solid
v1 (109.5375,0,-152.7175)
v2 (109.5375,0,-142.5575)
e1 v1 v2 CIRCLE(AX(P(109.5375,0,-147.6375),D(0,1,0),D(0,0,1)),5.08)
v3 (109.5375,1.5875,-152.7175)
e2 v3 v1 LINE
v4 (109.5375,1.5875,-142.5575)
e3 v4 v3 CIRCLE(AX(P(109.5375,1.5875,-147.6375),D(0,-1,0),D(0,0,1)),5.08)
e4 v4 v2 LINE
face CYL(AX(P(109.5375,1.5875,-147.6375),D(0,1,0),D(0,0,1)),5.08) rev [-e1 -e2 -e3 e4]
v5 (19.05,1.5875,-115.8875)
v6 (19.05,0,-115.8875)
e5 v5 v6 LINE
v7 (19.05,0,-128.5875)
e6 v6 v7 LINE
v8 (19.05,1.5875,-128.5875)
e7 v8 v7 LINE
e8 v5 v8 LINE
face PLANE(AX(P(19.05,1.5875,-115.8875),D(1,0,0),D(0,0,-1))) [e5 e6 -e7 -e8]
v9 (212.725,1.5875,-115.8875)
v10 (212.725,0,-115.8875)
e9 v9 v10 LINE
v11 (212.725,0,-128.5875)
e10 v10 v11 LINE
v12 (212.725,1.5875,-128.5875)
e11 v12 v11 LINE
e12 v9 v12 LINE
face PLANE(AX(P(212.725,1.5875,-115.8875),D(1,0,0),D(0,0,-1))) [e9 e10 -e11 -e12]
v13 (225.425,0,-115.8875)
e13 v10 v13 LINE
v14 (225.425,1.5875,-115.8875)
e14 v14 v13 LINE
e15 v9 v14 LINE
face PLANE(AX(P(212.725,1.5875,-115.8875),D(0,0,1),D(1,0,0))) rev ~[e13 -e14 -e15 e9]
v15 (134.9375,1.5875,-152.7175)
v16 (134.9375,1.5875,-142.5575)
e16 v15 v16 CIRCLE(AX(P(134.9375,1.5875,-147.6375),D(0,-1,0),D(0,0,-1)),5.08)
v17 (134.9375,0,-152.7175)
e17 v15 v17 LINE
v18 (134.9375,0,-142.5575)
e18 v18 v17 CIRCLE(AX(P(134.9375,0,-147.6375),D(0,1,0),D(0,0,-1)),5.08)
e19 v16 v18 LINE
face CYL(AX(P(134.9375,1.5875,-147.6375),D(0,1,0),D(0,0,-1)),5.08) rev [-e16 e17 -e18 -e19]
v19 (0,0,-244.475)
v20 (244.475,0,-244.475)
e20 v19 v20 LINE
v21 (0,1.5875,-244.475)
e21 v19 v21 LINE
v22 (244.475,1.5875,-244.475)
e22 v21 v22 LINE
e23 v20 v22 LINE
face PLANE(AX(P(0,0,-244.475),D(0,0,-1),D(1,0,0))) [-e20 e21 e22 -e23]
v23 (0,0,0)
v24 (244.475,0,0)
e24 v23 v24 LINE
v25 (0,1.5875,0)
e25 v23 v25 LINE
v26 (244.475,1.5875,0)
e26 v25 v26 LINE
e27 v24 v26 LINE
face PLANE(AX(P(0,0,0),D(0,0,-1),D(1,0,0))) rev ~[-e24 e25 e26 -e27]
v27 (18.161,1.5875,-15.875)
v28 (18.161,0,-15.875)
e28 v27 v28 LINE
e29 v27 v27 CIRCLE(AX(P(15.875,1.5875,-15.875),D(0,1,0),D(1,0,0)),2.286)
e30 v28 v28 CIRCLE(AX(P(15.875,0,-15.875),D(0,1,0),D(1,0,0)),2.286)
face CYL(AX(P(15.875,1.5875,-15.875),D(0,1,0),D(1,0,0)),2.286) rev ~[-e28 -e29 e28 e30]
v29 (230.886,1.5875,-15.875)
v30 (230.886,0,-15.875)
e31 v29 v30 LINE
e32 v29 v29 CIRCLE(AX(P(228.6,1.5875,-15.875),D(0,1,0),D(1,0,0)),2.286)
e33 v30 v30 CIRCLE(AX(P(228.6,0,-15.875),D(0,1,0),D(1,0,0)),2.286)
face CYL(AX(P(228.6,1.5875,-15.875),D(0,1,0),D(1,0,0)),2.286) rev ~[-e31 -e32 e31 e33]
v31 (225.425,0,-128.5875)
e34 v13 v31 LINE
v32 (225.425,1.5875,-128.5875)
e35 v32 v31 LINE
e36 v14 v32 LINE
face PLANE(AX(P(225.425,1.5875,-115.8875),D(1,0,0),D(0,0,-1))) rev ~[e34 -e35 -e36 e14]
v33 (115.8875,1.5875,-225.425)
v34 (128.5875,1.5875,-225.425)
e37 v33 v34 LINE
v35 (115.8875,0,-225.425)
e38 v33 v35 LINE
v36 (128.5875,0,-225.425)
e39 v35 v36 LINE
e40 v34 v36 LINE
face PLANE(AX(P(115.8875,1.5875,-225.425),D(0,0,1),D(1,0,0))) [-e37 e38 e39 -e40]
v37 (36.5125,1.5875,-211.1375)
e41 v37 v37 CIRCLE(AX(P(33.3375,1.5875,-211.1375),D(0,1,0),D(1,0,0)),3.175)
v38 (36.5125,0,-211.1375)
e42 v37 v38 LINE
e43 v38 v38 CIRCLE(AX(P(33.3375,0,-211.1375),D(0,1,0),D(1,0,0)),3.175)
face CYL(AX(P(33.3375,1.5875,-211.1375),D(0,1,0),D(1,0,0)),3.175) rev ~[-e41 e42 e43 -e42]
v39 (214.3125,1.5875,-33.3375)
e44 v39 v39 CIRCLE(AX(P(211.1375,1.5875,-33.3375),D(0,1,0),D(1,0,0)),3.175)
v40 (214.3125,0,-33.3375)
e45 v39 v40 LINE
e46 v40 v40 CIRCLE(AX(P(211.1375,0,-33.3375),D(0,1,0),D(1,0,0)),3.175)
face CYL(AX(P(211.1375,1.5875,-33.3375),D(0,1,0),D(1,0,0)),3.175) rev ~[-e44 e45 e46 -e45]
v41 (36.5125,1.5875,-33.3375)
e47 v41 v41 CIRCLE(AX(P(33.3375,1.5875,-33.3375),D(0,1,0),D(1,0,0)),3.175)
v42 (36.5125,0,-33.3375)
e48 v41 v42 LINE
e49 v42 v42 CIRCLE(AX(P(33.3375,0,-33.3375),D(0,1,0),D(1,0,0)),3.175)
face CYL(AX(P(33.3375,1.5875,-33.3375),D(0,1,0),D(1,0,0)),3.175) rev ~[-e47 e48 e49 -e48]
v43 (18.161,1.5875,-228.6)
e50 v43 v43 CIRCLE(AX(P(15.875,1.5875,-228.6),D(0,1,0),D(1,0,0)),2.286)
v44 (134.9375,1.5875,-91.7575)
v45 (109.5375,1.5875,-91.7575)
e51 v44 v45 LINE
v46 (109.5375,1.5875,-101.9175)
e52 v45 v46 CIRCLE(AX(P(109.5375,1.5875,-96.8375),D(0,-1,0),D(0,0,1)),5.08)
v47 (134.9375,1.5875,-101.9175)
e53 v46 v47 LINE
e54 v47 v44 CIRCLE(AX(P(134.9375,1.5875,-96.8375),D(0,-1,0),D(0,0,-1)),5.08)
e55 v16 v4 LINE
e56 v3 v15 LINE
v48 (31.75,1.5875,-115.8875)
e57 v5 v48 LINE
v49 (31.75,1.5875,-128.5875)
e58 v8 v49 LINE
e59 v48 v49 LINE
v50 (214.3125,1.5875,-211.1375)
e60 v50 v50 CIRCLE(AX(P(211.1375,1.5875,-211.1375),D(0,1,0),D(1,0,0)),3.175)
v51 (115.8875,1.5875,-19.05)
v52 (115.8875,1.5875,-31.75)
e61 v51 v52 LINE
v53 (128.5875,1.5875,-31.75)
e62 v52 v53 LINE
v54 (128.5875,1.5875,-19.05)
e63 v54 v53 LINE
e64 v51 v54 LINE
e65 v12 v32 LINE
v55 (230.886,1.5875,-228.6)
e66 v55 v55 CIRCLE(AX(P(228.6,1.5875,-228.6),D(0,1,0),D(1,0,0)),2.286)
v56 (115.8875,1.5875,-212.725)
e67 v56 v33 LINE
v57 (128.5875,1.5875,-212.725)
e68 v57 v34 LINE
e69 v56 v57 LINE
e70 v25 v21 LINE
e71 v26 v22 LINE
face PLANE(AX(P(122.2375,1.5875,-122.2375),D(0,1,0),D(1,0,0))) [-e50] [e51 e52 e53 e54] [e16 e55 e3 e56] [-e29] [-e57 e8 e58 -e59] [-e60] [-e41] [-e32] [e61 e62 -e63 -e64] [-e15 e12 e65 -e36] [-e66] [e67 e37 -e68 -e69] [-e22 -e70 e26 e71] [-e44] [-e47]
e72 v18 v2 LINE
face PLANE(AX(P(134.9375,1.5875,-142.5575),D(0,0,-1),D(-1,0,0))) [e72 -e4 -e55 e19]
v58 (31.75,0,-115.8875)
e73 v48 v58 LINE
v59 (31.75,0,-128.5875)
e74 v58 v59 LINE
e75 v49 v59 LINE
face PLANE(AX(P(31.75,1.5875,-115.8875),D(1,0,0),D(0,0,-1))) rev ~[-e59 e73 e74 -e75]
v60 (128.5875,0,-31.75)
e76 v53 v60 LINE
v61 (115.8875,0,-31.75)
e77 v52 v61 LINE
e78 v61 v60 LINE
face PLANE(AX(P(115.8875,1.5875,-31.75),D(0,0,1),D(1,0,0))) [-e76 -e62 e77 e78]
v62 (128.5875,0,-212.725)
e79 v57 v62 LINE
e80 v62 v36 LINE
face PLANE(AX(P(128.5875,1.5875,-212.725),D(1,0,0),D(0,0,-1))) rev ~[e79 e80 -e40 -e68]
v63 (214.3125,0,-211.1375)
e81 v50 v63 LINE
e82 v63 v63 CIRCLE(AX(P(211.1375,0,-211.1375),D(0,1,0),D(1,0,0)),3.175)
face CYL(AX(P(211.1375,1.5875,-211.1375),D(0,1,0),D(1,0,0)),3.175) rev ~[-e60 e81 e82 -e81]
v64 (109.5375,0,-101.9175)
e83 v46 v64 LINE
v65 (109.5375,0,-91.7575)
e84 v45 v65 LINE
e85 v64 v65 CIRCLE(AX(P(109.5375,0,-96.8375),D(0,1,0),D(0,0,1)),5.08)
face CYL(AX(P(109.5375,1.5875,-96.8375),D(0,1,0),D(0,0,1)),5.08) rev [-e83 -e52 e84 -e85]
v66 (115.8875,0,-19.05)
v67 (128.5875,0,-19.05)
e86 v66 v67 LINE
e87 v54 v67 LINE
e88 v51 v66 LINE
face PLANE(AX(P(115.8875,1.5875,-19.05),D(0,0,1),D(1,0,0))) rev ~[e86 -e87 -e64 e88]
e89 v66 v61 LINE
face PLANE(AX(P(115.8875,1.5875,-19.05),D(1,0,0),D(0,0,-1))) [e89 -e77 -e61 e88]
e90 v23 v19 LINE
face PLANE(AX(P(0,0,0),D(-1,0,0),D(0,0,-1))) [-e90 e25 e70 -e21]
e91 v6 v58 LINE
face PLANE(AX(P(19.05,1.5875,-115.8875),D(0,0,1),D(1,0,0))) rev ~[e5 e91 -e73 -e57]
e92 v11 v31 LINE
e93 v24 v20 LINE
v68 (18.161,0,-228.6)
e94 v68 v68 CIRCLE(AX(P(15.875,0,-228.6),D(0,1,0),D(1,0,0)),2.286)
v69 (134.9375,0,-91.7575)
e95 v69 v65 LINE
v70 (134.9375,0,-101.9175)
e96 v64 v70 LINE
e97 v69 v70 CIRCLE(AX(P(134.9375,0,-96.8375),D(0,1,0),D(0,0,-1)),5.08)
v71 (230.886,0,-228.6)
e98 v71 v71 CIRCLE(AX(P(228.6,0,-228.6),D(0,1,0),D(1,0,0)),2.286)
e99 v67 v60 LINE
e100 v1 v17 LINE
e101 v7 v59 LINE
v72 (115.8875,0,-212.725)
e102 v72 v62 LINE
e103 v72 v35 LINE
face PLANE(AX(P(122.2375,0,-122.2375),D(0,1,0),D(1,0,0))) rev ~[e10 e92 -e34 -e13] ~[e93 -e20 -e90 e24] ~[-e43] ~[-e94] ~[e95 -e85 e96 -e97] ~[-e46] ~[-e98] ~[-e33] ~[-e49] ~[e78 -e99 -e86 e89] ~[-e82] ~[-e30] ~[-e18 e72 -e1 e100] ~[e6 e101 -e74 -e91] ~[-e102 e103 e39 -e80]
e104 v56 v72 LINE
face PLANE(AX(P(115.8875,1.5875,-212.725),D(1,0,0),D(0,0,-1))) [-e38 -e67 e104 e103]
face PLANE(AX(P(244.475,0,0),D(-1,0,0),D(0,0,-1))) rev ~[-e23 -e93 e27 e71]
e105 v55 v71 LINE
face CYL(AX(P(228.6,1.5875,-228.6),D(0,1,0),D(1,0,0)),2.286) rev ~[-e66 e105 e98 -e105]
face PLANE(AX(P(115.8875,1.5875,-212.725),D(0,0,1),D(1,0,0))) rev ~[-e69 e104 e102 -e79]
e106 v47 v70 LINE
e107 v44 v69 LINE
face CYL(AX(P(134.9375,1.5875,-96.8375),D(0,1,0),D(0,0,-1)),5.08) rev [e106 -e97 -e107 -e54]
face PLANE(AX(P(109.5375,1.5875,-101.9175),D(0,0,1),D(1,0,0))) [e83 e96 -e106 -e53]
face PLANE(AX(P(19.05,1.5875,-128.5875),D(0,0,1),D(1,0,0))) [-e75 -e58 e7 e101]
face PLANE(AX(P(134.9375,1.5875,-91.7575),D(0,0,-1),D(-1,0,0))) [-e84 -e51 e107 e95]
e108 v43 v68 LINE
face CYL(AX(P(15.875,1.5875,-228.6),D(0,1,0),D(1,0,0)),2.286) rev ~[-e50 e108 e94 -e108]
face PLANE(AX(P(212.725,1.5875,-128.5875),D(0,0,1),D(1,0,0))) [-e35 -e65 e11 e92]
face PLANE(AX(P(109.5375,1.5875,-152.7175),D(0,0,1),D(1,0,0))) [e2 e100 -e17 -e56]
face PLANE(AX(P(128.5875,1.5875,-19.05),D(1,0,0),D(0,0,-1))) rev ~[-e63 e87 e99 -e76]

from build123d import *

# Parameters (mm, degrees)
SKETCH1_W                    = 244.475
SKETCH1_H                    = 244.475
MAIN_BODY_DEPTH              = 1.5875
SKETCH2_R                    = 3.175
SKETCH2_R_2                  = 2.286
SCREW_AND_STRING_HOLES_DEPTH = 2.5875
SKETCH4_W                    = 12.7
SKETCH4_H                    = 12.7
LED_HOLES_DEPTH              = 2.5875
EXTERNAL_CABLE_SLOTS_DEPTH   = 2.5875


with BuildPart() as part:
    # Sketch1 → Main Body (new body)
    with BuildSketch(Plane(origin=(0, 0, 0), x_dir=(1, 0, 0), z_dir=(0, 1, 0))):
        with Locations((122.2375, 122.2375)):
            Rectangle(SKETCH1_W, SKETCH1_H)
    extrude(amount=MAIN_BODY_DEPTH)

    # Sketch2 → Screw and String Holes (cut, through all)
    with BuildSketch(Plane(origin=(0, 1.5875, 0), x_dir=(1, 0, 0), z_dir=(0, 1, 0))):
        with Locations((211.1375, 33.3375)):
            Circle(SKETCH2_R)
        with Locations((33.3375, 33.3375)):
            Circle(SKETCH2_R)
        with Locations((33.3375, 211.1375)):
            Circle(SKETCH2_R)
        with Locations((211.1375, 211.1375)):
            Circle(SKETCH2_R)
        with Locations((228.6, 15.875)):
            Circle(SKETCH2_R_2)
        with Locations((15.875, 15.875)):
            Circle(SKETCH2_R_2)
        with Locations((15.875000001, 228.6)):
            Circle(SKETCH2_R_2)
        with Locations((228.6, 228.6)):
            Circle(SKETCH2_R_2)
    extrude(amount=-SCREW_AND_STRING_HOLES_DEPTH, mode=Mode.SUBTRACT)

    # Sketch4 → LED Holes (cut, through all)
    with BuildSketch(Plane(origin=(0, 1.5875, 0), x_dir=(1, 0, 0), z_dir=(0, 1, 0))):
        with Locations((122.2375, 25.4)):
            Rectangle(SKETCH4_W, SKETCH4_H)
        with Locations((25.4, 122.2375)):
            Rectangle(SKETCH4_W, SKETCH4_H)
        with Locations((122.2375, 219.075)):
            Rectangle(SKETCH4_W, SKETCH4_H)
        with Locations((219.075, 122.2375)):
            Rectangle(SKETCH4_W, SKETCH4_H)
    extrude(amount=-LED_HOLES_DEPTH, mode=Mode.SUBTRACT)

    # Sketch5 → External Cable Slots (cut, through all)
    with BuildSketch(Plane(origin=(0, 1.5875, 0), x_dir=(1, 0, 0), z_dir=(0, 1, 0))):
        with BuildLine():
            Line((109.5375, 101.9175), (134.9375, 101.9175))
            ThreePointArc((134.9375, 101.9175), (140.0175, 96.8375), (134.9375, 91.7575))
            Line((134.9375, 91.7575), (109.5375, 91.7575))
            ThreePointArc((109.5375, 91.7575), (104.4575, 96.8375), (109.5375, 101.9175))
        make_face()
        with BuildLine():
            Line((109.5375, 152.7175), (134.9375, 152.7175))
            ThreePointArc((134.9375, 152.7175), (140.0175, 147.6375), (134.9375, 142.5575))
            Line((134.9375, 142.5575), (109.5375, 142.5575))
            ThreePointArc((109.5375, 142.5575), (104.4575, 147.6375), (109.5375, 152.7175))
        make_face()
    extrude(amount=-EXTERNAL_CABLE_SLOTS_DEPTH, mode=Mode.SUBTRACT)


solid = part.part
